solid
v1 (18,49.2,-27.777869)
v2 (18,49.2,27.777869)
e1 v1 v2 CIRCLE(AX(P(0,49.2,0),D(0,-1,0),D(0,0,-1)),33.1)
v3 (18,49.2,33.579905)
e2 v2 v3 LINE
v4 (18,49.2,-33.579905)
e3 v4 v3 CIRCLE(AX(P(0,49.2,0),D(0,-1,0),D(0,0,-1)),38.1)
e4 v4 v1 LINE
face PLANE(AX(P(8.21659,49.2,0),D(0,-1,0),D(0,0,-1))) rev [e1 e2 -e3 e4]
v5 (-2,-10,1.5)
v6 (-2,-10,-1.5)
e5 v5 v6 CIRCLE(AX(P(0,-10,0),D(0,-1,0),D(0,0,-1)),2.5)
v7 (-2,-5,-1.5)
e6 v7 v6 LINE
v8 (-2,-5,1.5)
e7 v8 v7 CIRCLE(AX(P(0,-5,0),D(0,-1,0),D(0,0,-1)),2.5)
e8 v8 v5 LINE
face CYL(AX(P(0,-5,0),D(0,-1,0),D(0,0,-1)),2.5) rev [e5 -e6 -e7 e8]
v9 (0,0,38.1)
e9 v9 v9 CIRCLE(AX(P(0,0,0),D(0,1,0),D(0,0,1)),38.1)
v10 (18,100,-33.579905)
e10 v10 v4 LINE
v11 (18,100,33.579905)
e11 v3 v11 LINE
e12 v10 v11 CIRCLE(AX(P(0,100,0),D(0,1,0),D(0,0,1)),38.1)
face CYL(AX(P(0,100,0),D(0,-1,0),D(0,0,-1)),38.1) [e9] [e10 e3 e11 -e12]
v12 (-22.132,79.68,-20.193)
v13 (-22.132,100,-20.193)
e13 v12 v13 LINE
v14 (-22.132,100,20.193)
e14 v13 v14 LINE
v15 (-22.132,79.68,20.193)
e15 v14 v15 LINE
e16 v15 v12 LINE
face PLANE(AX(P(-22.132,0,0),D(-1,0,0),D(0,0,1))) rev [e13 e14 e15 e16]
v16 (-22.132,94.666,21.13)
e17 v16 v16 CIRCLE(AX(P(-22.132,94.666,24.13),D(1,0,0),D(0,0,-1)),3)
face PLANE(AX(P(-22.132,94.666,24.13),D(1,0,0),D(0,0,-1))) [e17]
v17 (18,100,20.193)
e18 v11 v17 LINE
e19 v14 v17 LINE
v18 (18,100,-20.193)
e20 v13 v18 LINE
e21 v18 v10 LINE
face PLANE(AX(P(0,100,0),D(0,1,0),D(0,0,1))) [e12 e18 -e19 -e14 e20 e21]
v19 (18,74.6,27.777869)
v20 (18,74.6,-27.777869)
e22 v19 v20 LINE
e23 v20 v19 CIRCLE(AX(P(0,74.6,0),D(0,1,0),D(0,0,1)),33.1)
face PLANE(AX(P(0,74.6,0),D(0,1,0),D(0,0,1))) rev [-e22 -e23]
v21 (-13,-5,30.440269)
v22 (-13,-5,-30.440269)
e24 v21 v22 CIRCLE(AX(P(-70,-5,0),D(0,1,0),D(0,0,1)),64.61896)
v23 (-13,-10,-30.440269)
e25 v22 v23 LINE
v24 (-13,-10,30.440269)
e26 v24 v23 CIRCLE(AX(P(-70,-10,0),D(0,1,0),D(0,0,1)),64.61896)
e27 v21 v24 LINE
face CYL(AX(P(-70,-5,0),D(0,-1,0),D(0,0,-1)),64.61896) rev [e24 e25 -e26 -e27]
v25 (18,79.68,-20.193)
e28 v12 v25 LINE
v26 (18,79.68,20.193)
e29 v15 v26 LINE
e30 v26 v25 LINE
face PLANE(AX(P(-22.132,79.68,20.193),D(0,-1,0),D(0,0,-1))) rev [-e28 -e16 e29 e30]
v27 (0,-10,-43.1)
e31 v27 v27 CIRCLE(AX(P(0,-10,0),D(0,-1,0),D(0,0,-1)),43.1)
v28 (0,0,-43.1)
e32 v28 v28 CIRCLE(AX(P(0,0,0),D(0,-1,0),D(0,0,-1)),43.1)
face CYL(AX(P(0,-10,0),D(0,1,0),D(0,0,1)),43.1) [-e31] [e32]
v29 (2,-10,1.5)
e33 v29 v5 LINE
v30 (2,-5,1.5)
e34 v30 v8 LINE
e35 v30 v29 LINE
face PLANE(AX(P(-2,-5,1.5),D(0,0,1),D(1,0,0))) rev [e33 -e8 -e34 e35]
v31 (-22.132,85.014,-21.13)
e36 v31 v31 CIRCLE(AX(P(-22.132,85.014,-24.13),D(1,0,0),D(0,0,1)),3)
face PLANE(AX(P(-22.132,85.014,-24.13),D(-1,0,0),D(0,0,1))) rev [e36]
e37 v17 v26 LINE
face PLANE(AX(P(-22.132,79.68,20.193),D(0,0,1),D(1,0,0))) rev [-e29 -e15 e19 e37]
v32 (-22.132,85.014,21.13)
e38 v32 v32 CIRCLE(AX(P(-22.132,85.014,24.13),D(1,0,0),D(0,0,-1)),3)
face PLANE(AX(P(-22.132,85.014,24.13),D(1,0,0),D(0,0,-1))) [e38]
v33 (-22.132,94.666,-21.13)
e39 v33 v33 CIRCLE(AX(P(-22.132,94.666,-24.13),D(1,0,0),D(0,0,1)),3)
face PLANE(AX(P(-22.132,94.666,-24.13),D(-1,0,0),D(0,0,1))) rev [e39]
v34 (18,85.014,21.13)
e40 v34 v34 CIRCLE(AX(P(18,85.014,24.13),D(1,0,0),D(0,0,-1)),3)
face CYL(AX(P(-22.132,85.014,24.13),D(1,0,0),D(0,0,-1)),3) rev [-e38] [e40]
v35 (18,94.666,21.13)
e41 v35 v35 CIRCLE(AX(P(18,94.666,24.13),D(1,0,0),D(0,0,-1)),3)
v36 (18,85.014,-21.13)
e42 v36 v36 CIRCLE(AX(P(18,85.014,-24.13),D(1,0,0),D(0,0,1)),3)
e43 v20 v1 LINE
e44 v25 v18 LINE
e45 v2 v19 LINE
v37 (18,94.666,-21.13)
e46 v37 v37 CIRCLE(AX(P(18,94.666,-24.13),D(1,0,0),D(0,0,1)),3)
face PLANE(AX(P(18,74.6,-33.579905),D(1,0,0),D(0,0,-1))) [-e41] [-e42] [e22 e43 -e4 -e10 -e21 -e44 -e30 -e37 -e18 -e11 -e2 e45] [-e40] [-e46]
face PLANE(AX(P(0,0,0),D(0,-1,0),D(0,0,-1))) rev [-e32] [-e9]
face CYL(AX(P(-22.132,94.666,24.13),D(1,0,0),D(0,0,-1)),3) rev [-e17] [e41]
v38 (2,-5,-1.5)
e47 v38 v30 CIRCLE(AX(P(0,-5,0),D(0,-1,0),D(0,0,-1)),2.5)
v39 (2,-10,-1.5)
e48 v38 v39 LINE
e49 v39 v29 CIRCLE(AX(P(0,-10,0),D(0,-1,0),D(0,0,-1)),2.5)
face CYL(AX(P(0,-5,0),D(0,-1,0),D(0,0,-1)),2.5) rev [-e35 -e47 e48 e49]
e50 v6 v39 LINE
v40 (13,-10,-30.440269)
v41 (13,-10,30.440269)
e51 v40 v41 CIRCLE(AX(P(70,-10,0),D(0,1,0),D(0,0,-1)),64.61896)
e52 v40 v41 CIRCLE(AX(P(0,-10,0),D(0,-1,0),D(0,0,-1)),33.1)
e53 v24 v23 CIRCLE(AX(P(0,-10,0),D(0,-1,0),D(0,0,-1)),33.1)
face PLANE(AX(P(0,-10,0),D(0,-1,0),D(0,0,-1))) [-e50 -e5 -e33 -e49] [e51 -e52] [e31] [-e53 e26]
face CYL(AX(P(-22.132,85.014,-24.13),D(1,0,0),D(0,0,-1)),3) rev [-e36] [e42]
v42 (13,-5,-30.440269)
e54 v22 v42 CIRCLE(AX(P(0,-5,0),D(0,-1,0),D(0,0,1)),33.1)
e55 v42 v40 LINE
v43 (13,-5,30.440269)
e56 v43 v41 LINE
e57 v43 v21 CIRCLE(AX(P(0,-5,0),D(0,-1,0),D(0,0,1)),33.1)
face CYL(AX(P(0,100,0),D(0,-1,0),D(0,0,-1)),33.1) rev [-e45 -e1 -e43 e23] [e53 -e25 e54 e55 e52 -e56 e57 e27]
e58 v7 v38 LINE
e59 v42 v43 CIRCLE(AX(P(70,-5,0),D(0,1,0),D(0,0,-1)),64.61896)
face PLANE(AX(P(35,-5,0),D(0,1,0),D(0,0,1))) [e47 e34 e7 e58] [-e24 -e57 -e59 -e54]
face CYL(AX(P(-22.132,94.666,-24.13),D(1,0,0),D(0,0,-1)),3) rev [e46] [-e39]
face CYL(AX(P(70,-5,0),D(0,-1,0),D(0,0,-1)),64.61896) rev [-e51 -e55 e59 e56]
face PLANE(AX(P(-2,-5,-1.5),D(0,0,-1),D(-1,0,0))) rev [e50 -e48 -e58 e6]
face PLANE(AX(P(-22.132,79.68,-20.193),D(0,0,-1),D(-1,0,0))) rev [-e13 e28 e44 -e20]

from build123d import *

# Parameters (mm, degrees)
SKETCH1_R           = 38.1
BOSS_EXTRUDE1_DEPTH = 100
SHELL1_T            = -5
SKETCH2_R           = 43.1
SKETCH2_R_2         = 33.1
BOSS_EXTRUDE2_DEPTH = 10
BOSS_EXTRUDE3_DEPTH = 5
CUT_EXTRUDE1_DEPTH  = 5
BOSS_EXTRUDE4_DEPTH = 25.4
CUT_EXTRUDE3_DEPTH  = 50.8
SKETCH9_R           = 3
SKETCH9_W           = 40.386
SKETCH9_H           = 20.32
CUT_EXTRUDE4_DEPTH  = 40.132


with BuildPart() as part:
    # Sketch1 → Boss-Extrude1 (new body)
    with BuildSketch(Plane(origin=(0, 0, 0), x_dir=(1, 0, 0), z_dir=(0, 1, 0))):
        with Locations(Location((0, 0, 0), (0, 0, 270))):
            Circle(SKETCH1_R)
    extrude(amount=BOSS_EXTRUDE1_DEPTH)

    # Shell1
    shell1_openings = [part.faces().sort_by_distance(p)[0] for p in [
        (0, 100, 0),
        (0, 0, 0),
    ]]
    offset(amount=SHELL1_T, openings=shell1_openings, kind=Kind.INTERSECTION)

    # Sketch2 → Boss-Extrude2 (add)
    with BuildSketch(Plane.XZ):
        with Locations(Location((0, 0, 0), (0, 0, 270))):
            Circle(SKETCH2_R)
        with Locations(Location((0, 0, 0), (0, 0, 270))):
            Circle(SKETCH2_R_2, mode=Mode.SUBTRACT)
    extrude(amount=BOSS_EXTRUDE2_DEPTH)

    # Sketch4 → Boss-Extrude3 (add)
    with BuildSketch(Plane.XZ.offset(10)):
        with BuildLine():
            ThreePointArc((-13, 30.440269381), (-5.381039934, 0), (-13, -30.440269381))
            ThreePointArc((-13, -30.440269381), (0, -33.1), (13, -30.440269381))
            ThreePointArc((13, -30.440269381), (5.381039934, 0), (13, 30.440269381))
            ThreePointArc((13, 30.440269381), (0, 33.1), (-13, 30.440269381))
        make_face()
    extrude(amount=-BOSS_EXTRUDE3_DEPTH)

    # Sketch5 → Cut-Extrude1 (cut)
    with BuildSketch(Plane.XZ.offset(10)):
        with BuildLine():
            Line((-2, 1.5), (2, 1.5))
            ThreePointArc((2, 1.5), (2.5, 0), (2, -1.5))
            Line((2, -1.5), (-2, -1.5))
            ThreePointArc((-2, -1.5), (-2.5, 0), (-2, 1.5))
        make_face()
    extrude(amount=-CUT_EXTRUDE1_DEPTH, mode=Mode.SUBTRACT)

    # Sketch6 → Boss-Extrude4 (add)
    with BuildSketch(Plane(origin=(0, 100, 0), x_dir=(1, 0, 0), z_dir=(0, 1, 0))):
        with BuildLine():
            Line((18, 33.579904705), (18, -33.579904705))
            ThreePointArc((18, -33.579904705), (-38.1, 0), (18, 33.579904705))
        make_face()
    extrude(amount=-BOSS_EXTRUDE4_DEPTH)

    # Sketch8 → Cut-Extrude3 (cut)
    with BuildSketch(Plane(origin=(0, 100, 0), x_dir=(1, 0, 0), z_dir=(0, 1, 0))):
        with BuildLine():
            Line((18, -42.955320998), (18, 42.955320998))
            ThreePointArc((18, 42.955320998), (52.271949939, 0), (18, -42.955320998))
        make_face()
    extrude(amount=-CUT_EXTRUDE3_DEPTH, mode=Mode.SUBTRACT)

    # Sketch9 → Cut-Extrude4 (cut)
    with BuildSketch(Plane(origin=(18, 0, 0), x_dir=(0, 0, -1), z_dir=(1, 0, 0))):
        with Locations((-24.13, 94.666)):
            Circle(SKETCH9_R)
        with Locations((-24.13, 85.014)):
            Circle(SKETCH9_R)
        with Locations(Location((24.13, 85.014, 0), (0, 0, 180))):
            Circle(SKETCH9_R)
        with Locations(Location((24.13, 94.666, 0), (0, 0, 180))):
            Circle(SKETCH9_R)
        with Locations((0, 89.84)):
            Rectangle(SKETCH9_W, SKETCH9_H)
    extrude(amount=-CUT_EXTRUDE4_DEPTH, mode=Mode.SUBTRACT)


solid = part.part
